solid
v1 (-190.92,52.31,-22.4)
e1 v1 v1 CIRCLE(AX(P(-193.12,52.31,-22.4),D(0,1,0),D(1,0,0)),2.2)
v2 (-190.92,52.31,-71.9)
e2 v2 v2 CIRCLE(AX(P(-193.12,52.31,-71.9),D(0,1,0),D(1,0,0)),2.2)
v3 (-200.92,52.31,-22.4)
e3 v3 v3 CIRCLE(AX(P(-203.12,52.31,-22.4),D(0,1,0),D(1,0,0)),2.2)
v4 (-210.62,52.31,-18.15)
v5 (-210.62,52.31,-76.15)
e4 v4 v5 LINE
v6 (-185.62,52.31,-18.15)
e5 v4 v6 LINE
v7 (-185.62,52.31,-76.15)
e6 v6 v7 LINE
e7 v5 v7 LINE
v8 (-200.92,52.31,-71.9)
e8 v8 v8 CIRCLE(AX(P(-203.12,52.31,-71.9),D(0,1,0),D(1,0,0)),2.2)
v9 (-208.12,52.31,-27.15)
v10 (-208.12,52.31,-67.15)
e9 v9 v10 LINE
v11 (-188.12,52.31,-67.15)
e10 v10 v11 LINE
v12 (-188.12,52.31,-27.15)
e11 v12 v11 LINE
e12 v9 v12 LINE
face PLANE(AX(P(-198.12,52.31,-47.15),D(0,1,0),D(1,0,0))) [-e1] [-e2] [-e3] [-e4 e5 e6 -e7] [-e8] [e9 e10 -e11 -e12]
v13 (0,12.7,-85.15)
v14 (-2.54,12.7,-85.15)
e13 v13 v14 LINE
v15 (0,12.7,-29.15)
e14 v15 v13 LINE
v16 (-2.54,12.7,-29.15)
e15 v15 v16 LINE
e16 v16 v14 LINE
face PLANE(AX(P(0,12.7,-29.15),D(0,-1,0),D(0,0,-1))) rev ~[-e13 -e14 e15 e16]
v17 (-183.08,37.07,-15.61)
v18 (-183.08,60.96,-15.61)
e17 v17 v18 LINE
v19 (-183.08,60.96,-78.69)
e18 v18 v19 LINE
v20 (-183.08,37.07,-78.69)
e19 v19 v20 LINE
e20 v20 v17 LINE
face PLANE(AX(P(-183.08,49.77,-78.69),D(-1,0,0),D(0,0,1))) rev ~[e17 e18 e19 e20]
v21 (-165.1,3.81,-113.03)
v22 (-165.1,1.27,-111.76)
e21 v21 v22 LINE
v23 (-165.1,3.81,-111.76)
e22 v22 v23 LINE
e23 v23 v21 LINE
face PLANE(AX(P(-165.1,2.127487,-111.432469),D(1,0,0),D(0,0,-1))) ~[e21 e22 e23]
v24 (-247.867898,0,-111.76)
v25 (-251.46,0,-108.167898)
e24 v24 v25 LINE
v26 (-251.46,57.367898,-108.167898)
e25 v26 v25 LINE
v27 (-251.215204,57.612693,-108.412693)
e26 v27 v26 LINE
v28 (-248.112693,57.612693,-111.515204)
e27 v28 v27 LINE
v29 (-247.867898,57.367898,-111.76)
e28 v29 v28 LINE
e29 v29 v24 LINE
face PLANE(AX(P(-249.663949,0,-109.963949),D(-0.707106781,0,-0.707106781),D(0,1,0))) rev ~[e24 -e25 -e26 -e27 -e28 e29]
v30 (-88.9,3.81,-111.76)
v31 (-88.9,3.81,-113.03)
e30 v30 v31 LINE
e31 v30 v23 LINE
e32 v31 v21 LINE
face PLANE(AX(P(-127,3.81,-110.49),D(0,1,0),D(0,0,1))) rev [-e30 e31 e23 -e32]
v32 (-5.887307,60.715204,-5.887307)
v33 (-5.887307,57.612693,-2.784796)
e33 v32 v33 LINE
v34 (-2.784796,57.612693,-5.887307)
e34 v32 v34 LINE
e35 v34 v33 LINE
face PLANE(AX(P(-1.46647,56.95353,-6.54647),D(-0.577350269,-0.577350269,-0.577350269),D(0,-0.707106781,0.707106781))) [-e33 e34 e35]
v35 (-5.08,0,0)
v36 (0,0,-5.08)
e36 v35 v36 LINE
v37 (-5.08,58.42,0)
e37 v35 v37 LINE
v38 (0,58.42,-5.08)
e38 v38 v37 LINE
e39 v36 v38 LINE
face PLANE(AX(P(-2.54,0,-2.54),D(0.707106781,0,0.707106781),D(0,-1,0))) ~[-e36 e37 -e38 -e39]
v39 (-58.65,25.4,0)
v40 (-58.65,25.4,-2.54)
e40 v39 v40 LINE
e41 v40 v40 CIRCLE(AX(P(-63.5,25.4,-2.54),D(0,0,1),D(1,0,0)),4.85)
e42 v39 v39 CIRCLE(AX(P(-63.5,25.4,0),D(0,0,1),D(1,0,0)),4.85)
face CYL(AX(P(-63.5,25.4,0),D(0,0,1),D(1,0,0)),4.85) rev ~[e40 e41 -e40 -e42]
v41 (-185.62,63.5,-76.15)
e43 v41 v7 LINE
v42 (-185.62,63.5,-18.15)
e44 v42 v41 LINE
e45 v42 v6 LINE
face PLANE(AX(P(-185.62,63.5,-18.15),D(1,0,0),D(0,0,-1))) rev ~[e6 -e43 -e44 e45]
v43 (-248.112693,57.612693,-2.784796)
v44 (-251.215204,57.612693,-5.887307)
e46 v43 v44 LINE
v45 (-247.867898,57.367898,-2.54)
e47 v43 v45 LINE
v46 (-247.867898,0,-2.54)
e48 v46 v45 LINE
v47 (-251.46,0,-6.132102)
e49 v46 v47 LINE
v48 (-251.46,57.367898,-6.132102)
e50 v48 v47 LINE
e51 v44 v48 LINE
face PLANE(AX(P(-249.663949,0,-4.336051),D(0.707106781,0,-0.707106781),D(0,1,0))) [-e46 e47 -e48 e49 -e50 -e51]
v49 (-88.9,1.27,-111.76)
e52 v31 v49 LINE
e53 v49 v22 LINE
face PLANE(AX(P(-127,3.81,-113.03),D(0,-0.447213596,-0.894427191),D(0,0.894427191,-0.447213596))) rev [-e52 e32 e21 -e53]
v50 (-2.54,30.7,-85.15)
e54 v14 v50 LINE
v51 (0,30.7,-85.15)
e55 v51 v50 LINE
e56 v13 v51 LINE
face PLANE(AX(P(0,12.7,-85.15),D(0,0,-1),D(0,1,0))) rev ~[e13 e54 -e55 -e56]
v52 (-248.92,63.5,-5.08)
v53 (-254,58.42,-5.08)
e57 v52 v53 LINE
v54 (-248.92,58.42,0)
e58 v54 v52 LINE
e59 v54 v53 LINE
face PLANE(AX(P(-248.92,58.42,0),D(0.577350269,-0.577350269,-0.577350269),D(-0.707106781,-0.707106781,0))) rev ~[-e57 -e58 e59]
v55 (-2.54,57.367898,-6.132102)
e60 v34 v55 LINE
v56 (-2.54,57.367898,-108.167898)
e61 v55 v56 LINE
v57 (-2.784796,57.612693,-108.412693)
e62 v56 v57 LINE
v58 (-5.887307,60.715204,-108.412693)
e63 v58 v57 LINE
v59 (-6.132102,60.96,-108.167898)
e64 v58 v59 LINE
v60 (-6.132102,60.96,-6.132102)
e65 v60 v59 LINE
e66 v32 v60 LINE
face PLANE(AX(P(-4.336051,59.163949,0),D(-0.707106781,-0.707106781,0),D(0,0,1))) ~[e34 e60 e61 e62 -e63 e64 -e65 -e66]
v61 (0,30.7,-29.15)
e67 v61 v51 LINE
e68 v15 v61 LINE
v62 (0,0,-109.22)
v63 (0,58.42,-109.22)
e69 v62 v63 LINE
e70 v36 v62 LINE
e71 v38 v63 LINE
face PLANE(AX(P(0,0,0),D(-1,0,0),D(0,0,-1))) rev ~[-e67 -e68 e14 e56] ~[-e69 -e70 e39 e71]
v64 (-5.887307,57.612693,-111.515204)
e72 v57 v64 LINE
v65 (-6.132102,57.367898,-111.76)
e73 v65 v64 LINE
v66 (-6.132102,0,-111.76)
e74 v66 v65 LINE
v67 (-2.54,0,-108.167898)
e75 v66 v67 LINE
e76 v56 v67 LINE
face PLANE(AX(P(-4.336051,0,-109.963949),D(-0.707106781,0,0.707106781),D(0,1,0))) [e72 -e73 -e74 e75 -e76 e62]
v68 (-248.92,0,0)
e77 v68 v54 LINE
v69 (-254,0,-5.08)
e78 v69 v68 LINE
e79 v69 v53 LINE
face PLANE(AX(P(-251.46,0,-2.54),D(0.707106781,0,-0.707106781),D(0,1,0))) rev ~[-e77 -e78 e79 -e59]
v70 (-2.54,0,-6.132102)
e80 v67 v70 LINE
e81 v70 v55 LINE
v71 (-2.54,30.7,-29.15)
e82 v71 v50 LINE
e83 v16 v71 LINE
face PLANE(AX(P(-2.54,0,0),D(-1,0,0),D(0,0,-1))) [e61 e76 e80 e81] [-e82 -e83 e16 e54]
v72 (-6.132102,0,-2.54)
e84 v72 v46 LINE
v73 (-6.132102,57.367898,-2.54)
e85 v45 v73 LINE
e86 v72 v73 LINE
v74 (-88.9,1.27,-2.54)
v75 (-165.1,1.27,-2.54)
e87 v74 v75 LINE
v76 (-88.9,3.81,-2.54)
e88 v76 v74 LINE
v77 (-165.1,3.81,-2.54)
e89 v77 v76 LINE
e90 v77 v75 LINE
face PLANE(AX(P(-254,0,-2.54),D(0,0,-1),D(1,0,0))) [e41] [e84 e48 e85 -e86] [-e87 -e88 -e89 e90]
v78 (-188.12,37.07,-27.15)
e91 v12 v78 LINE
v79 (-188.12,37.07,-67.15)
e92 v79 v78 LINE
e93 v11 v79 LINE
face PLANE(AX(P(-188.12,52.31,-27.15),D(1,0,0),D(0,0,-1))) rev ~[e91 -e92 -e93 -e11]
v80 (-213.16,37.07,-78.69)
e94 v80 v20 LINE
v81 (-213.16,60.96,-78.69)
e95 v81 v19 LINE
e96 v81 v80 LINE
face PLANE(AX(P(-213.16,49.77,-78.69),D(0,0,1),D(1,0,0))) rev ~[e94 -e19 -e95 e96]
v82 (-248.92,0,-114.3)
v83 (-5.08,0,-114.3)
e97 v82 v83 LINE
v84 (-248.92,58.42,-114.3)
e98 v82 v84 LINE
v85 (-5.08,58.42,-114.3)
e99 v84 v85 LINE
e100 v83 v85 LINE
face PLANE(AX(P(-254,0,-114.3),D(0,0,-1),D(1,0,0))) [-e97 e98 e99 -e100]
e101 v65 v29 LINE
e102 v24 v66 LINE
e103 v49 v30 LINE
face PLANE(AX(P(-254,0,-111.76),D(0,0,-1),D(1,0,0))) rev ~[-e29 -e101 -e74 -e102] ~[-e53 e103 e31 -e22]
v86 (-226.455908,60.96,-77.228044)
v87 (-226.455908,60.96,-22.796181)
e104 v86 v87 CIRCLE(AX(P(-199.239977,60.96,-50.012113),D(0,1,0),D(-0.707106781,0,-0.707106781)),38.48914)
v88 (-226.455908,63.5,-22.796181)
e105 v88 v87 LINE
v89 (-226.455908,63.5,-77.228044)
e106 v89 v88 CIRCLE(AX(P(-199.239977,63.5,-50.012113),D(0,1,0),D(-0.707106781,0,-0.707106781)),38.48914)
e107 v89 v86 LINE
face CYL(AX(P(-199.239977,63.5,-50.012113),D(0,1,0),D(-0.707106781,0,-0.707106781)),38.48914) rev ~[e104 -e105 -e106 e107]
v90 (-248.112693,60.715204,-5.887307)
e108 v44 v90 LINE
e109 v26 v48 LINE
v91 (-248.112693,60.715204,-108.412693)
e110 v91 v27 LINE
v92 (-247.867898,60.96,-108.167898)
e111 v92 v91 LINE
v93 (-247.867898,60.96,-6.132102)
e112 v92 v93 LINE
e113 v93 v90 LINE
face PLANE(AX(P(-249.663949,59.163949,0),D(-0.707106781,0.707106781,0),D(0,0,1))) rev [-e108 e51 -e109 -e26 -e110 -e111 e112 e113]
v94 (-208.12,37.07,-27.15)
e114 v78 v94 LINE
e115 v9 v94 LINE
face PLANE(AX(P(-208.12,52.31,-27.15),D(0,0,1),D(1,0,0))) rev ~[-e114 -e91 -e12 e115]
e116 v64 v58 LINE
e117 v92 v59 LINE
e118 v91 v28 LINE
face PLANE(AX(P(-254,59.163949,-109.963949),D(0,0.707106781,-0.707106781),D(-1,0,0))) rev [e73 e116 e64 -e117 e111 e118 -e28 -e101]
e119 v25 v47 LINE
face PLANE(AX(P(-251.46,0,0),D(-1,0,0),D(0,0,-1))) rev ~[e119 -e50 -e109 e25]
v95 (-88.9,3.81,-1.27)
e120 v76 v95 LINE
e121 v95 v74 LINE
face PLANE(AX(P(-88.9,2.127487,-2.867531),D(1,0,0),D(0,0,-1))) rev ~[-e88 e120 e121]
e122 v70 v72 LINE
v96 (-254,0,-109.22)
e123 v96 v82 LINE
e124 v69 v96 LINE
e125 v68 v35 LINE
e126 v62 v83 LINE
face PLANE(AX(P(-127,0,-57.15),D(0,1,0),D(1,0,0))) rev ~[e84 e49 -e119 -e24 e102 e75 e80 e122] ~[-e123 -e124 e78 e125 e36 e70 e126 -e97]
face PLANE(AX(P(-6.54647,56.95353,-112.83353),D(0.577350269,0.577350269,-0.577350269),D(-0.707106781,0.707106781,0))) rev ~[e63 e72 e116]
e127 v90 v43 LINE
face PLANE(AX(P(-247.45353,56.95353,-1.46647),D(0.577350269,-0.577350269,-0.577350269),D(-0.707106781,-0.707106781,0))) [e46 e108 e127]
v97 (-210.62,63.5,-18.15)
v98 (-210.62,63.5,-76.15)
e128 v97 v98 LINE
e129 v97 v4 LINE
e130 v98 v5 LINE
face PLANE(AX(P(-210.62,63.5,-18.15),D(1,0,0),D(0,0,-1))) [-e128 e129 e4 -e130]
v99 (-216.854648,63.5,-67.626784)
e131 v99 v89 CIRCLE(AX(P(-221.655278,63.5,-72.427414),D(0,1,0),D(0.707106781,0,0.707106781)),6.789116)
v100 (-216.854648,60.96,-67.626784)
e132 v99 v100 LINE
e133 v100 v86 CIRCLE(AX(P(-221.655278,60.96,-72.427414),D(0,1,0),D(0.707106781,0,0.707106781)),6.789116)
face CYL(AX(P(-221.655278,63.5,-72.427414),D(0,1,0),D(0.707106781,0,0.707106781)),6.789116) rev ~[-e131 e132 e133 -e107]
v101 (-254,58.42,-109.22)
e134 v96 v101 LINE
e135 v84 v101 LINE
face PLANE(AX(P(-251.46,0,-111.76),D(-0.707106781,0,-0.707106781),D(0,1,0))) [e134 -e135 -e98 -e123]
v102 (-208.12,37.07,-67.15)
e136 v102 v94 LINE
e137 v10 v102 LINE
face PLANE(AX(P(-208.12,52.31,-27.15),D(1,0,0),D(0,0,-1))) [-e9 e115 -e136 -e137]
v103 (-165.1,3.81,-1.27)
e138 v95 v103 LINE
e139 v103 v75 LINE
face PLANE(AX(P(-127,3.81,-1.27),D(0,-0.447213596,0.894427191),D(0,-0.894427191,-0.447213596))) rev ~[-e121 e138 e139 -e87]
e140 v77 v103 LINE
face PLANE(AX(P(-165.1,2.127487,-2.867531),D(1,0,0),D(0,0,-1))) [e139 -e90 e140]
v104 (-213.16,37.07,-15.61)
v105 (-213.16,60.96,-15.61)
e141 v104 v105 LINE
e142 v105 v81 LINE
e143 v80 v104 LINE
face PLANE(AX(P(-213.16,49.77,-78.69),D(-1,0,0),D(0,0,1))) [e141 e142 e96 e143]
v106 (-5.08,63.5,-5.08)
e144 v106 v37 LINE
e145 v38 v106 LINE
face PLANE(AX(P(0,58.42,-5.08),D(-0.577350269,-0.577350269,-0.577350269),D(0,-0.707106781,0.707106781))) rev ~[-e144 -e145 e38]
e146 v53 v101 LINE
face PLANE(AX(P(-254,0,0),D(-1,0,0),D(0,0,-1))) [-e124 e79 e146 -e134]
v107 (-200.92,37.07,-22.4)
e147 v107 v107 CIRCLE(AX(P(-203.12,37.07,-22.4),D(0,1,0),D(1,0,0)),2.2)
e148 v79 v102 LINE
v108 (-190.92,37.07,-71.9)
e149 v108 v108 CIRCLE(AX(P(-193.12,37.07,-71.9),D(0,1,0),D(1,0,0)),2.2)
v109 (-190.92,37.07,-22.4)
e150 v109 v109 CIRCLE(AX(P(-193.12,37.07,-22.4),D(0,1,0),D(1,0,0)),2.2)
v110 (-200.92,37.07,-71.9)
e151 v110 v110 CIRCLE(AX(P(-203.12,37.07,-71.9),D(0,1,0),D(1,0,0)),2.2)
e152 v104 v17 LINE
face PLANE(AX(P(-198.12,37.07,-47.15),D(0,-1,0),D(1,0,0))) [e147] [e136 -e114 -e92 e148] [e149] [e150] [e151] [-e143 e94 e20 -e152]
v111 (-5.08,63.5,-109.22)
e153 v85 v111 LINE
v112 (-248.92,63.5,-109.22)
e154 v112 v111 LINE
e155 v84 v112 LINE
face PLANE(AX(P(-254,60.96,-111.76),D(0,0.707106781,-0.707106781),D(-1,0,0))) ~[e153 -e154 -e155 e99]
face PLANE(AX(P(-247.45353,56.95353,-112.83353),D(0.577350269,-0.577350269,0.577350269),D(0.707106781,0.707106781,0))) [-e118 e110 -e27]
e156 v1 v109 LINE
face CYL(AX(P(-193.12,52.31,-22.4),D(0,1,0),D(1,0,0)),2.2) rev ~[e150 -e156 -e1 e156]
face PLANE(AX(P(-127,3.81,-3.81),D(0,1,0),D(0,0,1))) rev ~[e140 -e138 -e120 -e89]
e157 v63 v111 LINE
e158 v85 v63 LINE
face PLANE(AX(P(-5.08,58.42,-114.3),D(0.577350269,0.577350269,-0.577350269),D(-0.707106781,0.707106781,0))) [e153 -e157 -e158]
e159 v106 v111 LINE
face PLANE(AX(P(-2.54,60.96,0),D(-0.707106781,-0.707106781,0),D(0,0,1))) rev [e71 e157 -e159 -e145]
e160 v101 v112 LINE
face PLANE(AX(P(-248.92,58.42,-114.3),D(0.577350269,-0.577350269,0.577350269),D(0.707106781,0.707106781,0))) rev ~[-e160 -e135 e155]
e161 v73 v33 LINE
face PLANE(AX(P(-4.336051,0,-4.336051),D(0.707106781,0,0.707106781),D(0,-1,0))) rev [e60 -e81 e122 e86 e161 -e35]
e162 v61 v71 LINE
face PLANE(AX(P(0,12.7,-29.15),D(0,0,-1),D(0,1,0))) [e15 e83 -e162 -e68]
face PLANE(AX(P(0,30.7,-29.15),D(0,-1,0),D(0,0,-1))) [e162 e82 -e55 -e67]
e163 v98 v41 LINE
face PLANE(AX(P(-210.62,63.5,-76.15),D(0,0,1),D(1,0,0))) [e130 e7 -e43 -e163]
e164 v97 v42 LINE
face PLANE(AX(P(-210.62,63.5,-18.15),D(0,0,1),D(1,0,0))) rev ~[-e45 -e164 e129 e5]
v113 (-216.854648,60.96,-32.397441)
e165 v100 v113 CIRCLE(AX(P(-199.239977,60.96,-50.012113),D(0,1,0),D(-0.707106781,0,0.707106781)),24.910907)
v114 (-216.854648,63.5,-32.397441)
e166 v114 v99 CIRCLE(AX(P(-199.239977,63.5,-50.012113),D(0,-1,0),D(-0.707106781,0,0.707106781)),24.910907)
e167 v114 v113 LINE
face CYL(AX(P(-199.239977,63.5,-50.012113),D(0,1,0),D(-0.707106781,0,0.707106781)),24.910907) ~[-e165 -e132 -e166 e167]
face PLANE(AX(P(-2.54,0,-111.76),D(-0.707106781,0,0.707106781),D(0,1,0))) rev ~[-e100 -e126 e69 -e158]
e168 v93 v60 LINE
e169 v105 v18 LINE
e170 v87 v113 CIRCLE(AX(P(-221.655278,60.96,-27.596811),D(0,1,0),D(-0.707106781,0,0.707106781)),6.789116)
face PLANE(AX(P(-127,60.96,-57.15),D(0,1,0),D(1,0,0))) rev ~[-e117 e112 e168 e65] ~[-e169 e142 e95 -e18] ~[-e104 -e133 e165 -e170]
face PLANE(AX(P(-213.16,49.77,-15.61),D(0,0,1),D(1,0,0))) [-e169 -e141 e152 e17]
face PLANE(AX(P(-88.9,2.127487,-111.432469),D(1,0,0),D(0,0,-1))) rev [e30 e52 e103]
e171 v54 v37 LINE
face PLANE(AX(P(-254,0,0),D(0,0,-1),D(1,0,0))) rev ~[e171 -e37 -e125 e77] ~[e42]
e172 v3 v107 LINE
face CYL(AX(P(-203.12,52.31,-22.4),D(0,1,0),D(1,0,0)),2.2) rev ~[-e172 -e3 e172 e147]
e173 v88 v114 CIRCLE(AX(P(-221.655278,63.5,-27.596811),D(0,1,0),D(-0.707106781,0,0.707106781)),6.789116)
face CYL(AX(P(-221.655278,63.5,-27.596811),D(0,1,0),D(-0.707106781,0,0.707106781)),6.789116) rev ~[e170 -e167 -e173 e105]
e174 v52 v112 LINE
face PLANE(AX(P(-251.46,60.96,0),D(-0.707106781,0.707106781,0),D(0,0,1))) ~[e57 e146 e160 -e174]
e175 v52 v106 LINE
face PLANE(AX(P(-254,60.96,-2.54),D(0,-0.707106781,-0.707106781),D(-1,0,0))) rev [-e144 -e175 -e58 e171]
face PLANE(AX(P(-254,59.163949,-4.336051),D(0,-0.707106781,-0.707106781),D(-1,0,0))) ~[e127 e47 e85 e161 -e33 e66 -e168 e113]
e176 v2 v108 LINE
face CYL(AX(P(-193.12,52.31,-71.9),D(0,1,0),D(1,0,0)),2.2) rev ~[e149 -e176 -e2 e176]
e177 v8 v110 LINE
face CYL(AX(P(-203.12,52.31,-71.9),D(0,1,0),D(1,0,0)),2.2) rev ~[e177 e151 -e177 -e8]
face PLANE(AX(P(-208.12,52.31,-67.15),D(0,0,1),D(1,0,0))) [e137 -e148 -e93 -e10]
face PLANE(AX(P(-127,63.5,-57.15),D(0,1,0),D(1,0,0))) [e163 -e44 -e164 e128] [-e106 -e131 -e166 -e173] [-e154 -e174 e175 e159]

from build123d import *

# Parameters (mm, degrees)
SKETCH1_W           = 254
SKETCH1_H           = 114.3
BOSS_EXTRUDE1_DEPTH = 63.5
CHAMFER1_SIZE       = 5.08
SKETCH4_W           = 25
SKETCH4_H           = 58
CUT_EXTRUDE2_DEPTH  = 11.189999972
SHELL3_T            = -2.54
SKETCH6_W           = 30.08
SKETCH6_H           = 63.08
BOSS_EXTRUDE2_DEPTH = 12.7
SKETCH5_W           = 20
SKETCH5_H           = 40
CUT_EXTRUDE5_DEPTH  = 53.310000028
SKETCH7_R           = 4.85
CUT_EXTRUDE6_DEPTH  = 25.4
SKETCH8_R           = 2.2
CUT_EXTRUDE7_DEPTH  = 53.310000028
CUT_EXTRUDE9_START  = -127
CUT_EXTRUDE9_DEPTH  = 38.1
CUT_EXTRUDE10_DEPTH = 64.5
SKETCH12_W          = 56
SKETCH12_H          = 18
CUT_EXTRUDE12_DEPTH = 2.54


with BuildPart() as part:
    # Sketch1 → Boss-Extrude1 (new body)
    with BuildSketch(Plane(origin=(0, 0, 0), x_dir=(1, 0, 0), z_dir=(0, 1, 0))):
        with Locations((-127, 57.15)):
            Rectangle(SKETCH1_W, SKETCH1_H)
    extrude(amount=BOSS_EXTRUDE1_DEPTH)

    # Chamfer1
    chamfer1_edges = [part.edges().sort_by_distance(p)[0] for p in [
        (-254, 63.5, -57.15),
        (-127, 63.5, 0),
        (0, 63.5, -57.15),
        (0, 31.75, 0),
        (-254, 31.75, 0),
        (-254, 31.75, -114.3),
        (0, 31.75, -114.3),
        (-127, 63.5, -114.3),
    ]]
    chamfer(chamfer1_edges, length=CHAMFER1_SIZE)

    # Sketch4 → Cut-Extrude2 (cut)
    with BuildSketch(Plane(origin=(0, 63.5, 0), x_dir=(1, 0, 0), z_dir=(0, 1, 0))):
        with Locations((-198.12, 47.15)):
            Rectangle(SKETCH4_W, SKETCH4_H)
    extrude(amount=-CUT_EXTRUDE2_DEPTH, mode=Mode.SUBTRACT)

    # Shell3
    shell3_openings = [part.faces().sort_by_distance(p)[0] for p in [
        (-127, 0, -57.15),
    ]]
    offset(amount=SHELL3_T, openings=shell3_openings, kind=Kind.INTERSECTION)

    # Sketch6 → Boss-Extrude2 (add)
    with BuildSketch(Plane.XZ.offset(-49.770000028)):
        with Locations((-198.12, -47.15)):
            Rectangle(SKETCH6_W, SKETCH6_H)
    extrude(amount=BOSS_EXTRUDE2_DEPTH)

    # Sketch5 → Cut-Extrude5 (cut, through all)
    with BuildSketch(Plane(origin=(0, 52.310000028, 0), x_dir=(1, 0, 0), z_dir=(0, 1, 0))):
        with Locations((-198.12, 47.15)):
            Rectangle(SKETCH5_W, SKETCH5_H)
    extrude(amount=-CUT_EXTRUDE5_DEPTH, mode=Mode.SUBTRACT)

    # Sketch7 → Cut-Extrude6 (cut)
    with BuildSketch(Plane.XY):
        with Locations((-63.5, 25.4)):
            Circle(SKETCH7_R)
    extrude(amount=-CUT_EXTRUDE6_DEPTH, mode=Mode.SUBTRACT)

    # Sketch8 → Cut-Extrude7 (cut, through all)
    with BuildSketch(Plane(origin=(0, 52.310000028, 0), x_dir=(1, 0, 0), z_dir=(0, 1, 0))):
        with Locations((-203.12, 71.9)):
            Circle(SKETCH8_R)
        with Locations((-193.12, 71.9)):
            Circle(SKETCH8_R)
        with Locations((-193.12, 22.4)):
            Circle(SKETCH8_R)
        with Locations((-203.12, 22.4)):
            Circle(SKETCH8_R)
    extrude(amount=-CUT_EXTRUDE7_DEPTH, mode=Mode.SUBTRACT)

    # Sketch9 → Cut-Extrude9 (cut, symmetric)
    with BuildSketch(Plane(origin=(0, 0, 0), x_dir=(0, 0, -1), z_dir=(1, 0, 0)).offset(CUT_EXTRUDE9_START)):
        Polygon((2.54, 0), (3.81, 0), (3.81, 3.81), (1.27, 3.81), (2.54, 1.27), align=None)
    cut_extrude9 = extrude(amount=CUT_EXTRUDE9_DEPTH, both=True, mode=Mode.SUBTRACT)

    # Mirror1: Cut-Extrude9 across plane
    add(cut_extrude9.mirror(Plane.XY.offset(-57.15)), mode=Mode.SUBTRACT)

    # Sketch10 → Cut-Extrude10 (cut, through all)
    with BuildSketch(Plane(origin=(0, 63.5, 0), x_dir=(1, 0, 0), z_dir=(0, 1, 0))):
        with BuildLine():
            ThreePointArc((-226.45590841, 77.22804441), (-237.729116487, 50.012112577), (-226.45590841, 22.796180745))
            ThreePointArc((-226.45590841, 22.796180745), (-216.854647797, 22.796180745), (-216.854647797, 32.397441358))
            ThreePointArc((-216.854647797, 32.397441358), (-224.150883513, 50.012112577), (-216.854647797, 67.626783797))
            ThreePointArc((-216.854647797, 67.626783797), (-216.854647797, 77.22804441), (-226.45590841, 77.22804441))
        make_face()
    extrude(amount=-CUT_EXTRUDE10_DEPTH, mode=Mode.SUBTRACT)

    # Sketch12 → Cut-Extrude12 (cut)
    with BuildSketch(Plane(origin=(0, 0, 0), x_dir=(0, 0, -1), z_dir=(1, 0, 0))):
        with Locations((57.15, 21.7)):
            Rectangle(SKETCH12_W, SKETCH12_H)
    extrude(amount=-CUT_EXTRUDE12_DEPTH, mode=Mode.SUBTRACT)


solid = part.part
